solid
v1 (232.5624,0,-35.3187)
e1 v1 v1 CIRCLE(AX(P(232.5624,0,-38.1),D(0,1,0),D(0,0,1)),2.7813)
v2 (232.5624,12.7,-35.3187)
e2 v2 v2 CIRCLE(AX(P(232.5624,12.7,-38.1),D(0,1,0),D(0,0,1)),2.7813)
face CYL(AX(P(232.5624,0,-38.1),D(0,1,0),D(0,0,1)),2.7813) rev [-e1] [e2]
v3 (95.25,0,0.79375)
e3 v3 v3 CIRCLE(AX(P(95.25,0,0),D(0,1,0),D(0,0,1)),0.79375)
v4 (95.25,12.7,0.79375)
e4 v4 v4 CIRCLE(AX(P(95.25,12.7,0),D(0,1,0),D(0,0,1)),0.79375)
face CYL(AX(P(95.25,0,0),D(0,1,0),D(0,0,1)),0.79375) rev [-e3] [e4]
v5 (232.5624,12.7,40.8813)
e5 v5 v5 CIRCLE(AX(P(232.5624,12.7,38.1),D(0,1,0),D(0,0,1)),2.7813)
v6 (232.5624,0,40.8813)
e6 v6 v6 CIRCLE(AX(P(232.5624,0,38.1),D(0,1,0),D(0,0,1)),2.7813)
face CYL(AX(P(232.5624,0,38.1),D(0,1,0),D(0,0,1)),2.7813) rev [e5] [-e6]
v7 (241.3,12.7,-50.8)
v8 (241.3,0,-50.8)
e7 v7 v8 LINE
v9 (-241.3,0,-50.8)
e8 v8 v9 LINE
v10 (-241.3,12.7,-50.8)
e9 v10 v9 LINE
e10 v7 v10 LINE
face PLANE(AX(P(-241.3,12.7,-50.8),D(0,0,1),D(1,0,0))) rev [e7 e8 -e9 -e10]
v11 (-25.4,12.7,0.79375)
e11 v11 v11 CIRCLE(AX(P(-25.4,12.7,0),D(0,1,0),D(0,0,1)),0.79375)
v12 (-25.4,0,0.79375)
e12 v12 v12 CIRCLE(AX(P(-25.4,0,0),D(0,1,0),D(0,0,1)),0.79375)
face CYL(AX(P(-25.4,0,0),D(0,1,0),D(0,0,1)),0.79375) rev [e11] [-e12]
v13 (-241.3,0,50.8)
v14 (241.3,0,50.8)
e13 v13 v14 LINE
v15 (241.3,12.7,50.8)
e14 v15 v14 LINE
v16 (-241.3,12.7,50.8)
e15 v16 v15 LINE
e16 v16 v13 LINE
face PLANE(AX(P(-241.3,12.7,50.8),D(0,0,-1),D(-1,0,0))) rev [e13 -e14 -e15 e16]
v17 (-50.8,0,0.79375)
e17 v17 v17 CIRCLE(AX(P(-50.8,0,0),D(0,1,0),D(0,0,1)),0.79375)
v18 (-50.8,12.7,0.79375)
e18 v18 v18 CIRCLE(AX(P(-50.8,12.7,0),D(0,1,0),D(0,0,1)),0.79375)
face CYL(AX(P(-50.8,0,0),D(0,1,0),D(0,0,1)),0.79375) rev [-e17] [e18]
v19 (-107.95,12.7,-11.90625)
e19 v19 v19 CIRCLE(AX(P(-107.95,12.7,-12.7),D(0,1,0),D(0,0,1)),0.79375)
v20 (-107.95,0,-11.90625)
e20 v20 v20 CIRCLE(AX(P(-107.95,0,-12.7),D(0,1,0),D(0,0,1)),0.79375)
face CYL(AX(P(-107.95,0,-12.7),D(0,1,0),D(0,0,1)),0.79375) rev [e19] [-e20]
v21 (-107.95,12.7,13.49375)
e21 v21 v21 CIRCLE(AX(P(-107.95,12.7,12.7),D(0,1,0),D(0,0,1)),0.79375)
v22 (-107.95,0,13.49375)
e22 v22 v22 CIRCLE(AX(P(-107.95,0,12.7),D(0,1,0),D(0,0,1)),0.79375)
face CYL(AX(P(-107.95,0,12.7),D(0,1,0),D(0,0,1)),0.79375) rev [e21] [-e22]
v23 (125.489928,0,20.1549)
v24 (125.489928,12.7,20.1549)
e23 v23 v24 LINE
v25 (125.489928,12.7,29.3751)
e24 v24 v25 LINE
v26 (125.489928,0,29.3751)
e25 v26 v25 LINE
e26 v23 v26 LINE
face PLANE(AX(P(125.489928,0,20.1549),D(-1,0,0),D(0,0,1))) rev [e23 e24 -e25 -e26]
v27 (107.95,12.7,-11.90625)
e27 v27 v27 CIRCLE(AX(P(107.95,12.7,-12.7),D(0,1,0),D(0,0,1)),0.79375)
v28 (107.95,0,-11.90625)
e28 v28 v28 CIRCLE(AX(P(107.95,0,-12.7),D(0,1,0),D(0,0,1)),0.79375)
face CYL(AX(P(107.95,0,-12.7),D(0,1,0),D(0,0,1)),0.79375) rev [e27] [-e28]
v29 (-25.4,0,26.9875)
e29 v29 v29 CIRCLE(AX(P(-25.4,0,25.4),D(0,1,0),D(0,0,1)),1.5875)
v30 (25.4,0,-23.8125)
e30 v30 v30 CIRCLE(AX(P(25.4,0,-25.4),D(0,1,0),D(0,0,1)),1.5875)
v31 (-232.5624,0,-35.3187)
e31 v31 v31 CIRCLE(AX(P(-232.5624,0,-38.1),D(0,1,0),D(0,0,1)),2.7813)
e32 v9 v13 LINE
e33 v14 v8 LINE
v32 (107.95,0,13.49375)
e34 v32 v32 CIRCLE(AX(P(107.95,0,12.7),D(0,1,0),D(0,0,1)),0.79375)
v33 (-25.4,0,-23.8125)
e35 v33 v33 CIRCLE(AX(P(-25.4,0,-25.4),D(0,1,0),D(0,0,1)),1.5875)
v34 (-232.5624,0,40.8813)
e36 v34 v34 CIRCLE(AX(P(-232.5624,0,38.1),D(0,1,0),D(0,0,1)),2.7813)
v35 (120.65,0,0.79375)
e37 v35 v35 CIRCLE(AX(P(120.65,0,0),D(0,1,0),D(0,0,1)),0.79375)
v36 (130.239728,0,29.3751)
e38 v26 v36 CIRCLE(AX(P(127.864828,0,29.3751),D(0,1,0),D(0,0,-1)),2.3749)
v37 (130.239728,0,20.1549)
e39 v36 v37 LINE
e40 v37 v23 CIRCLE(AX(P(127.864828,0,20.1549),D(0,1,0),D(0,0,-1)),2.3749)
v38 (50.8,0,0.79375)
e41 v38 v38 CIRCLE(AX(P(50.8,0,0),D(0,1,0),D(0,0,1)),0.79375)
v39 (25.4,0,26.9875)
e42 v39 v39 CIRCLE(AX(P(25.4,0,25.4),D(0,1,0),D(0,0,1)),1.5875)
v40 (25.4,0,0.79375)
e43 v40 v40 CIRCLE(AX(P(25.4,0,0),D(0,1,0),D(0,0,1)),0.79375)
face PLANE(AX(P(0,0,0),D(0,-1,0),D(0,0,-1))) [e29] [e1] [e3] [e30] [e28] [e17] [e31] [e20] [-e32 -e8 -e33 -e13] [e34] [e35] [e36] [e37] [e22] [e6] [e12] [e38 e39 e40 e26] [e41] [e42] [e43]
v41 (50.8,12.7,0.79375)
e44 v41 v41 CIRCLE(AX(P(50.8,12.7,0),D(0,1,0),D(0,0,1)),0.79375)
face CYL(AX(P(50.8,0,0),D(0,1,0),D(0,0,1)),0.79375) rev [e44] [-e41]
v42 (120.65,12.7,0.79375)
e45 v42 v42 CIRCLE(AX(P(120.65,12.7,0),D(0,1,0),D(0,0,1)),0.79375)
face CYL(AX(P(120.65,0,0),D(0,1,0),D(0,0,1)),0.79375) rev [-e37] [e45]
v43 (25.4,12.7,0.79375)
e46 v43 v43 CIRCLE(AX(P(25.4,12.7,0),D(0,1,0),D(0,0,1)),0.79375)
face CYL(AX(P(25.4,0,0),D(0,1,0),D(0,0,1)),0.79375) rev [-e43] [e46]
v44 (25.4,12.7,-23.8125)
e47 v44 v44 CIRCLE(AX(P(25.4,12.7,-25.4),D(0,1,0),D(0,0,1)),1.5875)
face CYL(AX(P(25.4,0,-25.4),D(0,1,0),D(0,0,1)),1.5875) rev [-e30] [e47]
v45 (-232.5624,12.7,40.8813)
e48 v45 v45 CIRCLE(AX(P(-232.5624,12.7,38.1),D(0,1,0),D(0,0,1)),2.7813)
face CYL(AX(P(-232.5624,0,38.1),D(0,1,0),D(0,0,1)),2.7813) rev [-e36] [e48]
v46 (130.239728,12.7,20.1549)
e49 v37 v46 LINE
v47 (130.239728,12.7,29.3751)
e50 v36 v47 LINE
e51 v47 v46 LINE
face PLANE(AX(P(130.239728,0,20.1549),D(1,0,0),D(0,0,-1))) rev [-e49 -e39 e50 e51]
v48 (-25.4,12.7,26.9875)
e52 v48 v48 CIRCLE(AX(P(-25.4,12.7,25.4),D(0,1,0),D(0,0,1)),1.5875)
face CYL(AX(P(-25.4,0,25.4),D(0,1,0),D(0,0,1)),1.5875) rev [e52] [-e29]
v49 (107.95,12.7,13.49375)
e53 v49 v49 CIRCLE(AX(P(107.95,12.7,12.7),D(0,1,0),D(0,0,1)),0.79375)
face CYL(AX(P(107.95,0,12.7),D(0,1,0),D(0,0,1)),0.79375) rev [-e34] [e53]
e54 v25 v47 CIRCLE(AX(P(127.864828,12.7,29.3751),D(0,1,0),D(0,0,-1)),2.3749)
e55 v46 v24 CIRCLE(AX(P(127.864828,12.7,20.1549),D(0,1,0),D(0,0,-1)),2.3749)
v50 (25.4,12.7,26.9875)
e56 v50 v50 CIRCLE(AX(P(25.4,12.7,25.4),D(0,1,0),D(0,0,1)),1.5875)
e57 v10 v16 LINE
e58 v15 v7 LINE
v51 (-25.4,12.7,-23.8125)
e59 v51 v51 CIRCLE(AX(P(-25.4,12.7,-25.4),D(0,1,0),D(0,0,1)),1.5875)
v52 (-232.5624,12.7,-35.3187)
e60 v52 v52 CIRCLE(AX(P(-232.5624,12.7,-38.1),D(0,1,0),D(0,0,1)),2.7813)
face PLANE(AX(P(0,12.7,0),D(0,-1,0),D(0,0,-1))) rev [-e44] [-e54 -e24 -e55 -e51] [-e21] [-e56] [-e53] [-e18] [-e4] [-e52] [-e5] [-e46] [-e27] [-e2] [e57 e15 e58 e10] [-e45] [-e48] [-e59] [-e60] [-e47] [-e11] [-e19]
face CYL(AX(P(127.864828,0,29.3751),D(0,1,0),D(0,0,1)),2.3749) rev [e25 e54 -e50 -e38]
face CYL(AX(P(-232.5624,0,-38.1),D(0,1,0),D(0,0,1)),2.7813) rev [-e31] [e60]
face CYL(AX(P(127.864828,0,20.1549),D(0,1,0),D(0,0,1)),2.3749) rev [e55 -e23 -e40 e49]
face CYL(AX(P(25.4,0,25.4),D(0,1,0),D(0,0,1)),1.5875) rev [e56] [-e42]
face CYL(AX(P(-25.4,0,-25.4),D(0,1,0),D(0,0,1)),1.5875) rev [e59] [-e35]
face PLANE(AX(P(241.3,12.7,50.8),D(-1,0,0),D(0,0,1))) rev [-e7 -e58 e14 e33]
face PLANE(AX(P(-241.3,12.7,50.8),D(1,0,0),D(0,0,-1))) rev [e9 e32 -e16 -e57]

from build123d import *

# Parameters (mm, degrees)
SKETCH1_W           = 482.6
SKETCH1_H           = 101.6
BOSS_EXTRUDE1_DEPTH = 12.7
SKETCH2_R           = 2.7813
CUT_EXTRUDE1_DEPTH  = 13.7
SKETCH3_R           = 1.5875
CUT_EXTRUDE2_DEPTH  = 13.7
SKETCH4_R           = 0.79375
CUT_EXTRUDE3_DEPTH  = 13.7
SKETCH5_R           = 0.79375
CUT_EXTRUDE4_DEPTH  = 13.7
CUT_EXTRUDE5_DEPTH  = 13.7


with BuildPart() as part:
    # Sketch1 → Boss-Extrude1 (new body)
    with BuildSketch(Plane(origin=(0, 0, 0), x_dir=(1, 0, 0), z_dir=(0, 1, 0))):
        Rectangle(SKETCH1_W, SKETCH1_H)
    extrude(amount=BOSS_EXTRUDE1_DEPTH)

    # Sketch2 → Cut-Extrude1 (cut, through all)
    with BuildSketch(Plane(origin=(0, 12.7, 0), x_dir=(1, 0, 0), z_dir=(0, 1, 0))):
        with Locations((-232.5624, 38.1)):
            Circle(SKETCH2_R)
        with Locations((-232.5624, -38.1)):
            Circle(SKETCH2_R)
        with Locations((232.5624, 38.1)):
            Circle(SKETCH2_R)
        with Locations((232.5624, -38.1)):
            Circle(SKETCH2_R)
    extrude(amount=-CUT_EXTRUDE1_DEPTH, mode=Mode.SUBTRACT)

    # Sketch3 → Cut-Extrude2 (cut, through all)
    with BuildSketch(Plane(origin=(0, 12.7, 0), x_dir=(1, 0, 0), z_dir=(0, 1, 0))):
        with Locations((-25.4, 25.4)):
            Circle(SKETCH3_R)
        with Locations((25.4, 25.4)):
            Circle(SKETCH3_R)
        with Locations((25.4, -25.4)):
            Circle(SKETCH3_R)
        with Locations((-25.4, -25.4)):
            Circle(SKETCH3_R)
    extrude(amount=-CUT_EXTRUDE2_DEPTH, mode=Mode.SUBTRACT)

    # Sketch4 → Cut-Extrude3 (cut, through all)
    with BuildSketch(Plane(origin=(0, 12.7, 0), x_dir=(1, 0, 0), z_dir=(0, 1, 0))):
        with Locations((-25.4, 0)):
            Circle(SKETCH4_R)
        with Locations((25.4, 0)):
            Circle(SKETCH4_R)
        with Locations((-50.8, 0)):
            Circle(SKETCH4_R)
        with Locations((50.8, 0)):
            Circle(SKETCH4_R)
        with Locations((-107.95, 12.7)):
            Circle(SKETCH4_R)
        with Locations((-107.95, -12.7)):
            Circle(SKETCH4_R)
        with Locations((107.95, -12.7)):
            Circle(SKETCH4_R)
        with Locations((107.95, 12.7)):
            Circle(SKETCH4_R)
    extrude(amount=-CUT_EXTRUDE3_DEPTH, mode=Mode.SUBTRACT)

    # Sketch5 → Cut-Extrude4 (cut, through all)
    with BuildSketch(Plane(origin=(0, 12.7, 0), x_dir=(1, 0, 0), z_dir=(0, 1, 0))):
        with Locations((95.25, 0)):
            Circle(SKETCH5_R)
        with Locations((120.65, 0)):
            Circle(SKETCH5_R)
    extrude(amount=-CUT_EXTRUDE4_DEPTH, mode=Mode.SUBTRACT)

    # Sketch6 → Cut-Extrude5 (cut, through all)
    with BuildSketch(Plane(origin=(0, 12.7, 0), x_dir=(1, 0, 0), z_dir=(0, 1, 0))):
        with BuildLine():
            Line((125.489928348, -20.1549), (125.489928348, -29.3751))
            ThreePointArc((125.489928348, -29.3751), (127.864828348, -31.75), (130.239728348, -29.3751))
            Line((130.239728348, -29.3751), (130.239728348, -20.1549))
            ThreePointArc((130.239728348, -20.1549), (127.864828348, -17.78), (125.489928348, -20.1549))
        make_face()
    extrude(amount=-CUT_EXTRUDE5_DEPTH, mode=Mode.SUBTRACT)


solid = part.part
